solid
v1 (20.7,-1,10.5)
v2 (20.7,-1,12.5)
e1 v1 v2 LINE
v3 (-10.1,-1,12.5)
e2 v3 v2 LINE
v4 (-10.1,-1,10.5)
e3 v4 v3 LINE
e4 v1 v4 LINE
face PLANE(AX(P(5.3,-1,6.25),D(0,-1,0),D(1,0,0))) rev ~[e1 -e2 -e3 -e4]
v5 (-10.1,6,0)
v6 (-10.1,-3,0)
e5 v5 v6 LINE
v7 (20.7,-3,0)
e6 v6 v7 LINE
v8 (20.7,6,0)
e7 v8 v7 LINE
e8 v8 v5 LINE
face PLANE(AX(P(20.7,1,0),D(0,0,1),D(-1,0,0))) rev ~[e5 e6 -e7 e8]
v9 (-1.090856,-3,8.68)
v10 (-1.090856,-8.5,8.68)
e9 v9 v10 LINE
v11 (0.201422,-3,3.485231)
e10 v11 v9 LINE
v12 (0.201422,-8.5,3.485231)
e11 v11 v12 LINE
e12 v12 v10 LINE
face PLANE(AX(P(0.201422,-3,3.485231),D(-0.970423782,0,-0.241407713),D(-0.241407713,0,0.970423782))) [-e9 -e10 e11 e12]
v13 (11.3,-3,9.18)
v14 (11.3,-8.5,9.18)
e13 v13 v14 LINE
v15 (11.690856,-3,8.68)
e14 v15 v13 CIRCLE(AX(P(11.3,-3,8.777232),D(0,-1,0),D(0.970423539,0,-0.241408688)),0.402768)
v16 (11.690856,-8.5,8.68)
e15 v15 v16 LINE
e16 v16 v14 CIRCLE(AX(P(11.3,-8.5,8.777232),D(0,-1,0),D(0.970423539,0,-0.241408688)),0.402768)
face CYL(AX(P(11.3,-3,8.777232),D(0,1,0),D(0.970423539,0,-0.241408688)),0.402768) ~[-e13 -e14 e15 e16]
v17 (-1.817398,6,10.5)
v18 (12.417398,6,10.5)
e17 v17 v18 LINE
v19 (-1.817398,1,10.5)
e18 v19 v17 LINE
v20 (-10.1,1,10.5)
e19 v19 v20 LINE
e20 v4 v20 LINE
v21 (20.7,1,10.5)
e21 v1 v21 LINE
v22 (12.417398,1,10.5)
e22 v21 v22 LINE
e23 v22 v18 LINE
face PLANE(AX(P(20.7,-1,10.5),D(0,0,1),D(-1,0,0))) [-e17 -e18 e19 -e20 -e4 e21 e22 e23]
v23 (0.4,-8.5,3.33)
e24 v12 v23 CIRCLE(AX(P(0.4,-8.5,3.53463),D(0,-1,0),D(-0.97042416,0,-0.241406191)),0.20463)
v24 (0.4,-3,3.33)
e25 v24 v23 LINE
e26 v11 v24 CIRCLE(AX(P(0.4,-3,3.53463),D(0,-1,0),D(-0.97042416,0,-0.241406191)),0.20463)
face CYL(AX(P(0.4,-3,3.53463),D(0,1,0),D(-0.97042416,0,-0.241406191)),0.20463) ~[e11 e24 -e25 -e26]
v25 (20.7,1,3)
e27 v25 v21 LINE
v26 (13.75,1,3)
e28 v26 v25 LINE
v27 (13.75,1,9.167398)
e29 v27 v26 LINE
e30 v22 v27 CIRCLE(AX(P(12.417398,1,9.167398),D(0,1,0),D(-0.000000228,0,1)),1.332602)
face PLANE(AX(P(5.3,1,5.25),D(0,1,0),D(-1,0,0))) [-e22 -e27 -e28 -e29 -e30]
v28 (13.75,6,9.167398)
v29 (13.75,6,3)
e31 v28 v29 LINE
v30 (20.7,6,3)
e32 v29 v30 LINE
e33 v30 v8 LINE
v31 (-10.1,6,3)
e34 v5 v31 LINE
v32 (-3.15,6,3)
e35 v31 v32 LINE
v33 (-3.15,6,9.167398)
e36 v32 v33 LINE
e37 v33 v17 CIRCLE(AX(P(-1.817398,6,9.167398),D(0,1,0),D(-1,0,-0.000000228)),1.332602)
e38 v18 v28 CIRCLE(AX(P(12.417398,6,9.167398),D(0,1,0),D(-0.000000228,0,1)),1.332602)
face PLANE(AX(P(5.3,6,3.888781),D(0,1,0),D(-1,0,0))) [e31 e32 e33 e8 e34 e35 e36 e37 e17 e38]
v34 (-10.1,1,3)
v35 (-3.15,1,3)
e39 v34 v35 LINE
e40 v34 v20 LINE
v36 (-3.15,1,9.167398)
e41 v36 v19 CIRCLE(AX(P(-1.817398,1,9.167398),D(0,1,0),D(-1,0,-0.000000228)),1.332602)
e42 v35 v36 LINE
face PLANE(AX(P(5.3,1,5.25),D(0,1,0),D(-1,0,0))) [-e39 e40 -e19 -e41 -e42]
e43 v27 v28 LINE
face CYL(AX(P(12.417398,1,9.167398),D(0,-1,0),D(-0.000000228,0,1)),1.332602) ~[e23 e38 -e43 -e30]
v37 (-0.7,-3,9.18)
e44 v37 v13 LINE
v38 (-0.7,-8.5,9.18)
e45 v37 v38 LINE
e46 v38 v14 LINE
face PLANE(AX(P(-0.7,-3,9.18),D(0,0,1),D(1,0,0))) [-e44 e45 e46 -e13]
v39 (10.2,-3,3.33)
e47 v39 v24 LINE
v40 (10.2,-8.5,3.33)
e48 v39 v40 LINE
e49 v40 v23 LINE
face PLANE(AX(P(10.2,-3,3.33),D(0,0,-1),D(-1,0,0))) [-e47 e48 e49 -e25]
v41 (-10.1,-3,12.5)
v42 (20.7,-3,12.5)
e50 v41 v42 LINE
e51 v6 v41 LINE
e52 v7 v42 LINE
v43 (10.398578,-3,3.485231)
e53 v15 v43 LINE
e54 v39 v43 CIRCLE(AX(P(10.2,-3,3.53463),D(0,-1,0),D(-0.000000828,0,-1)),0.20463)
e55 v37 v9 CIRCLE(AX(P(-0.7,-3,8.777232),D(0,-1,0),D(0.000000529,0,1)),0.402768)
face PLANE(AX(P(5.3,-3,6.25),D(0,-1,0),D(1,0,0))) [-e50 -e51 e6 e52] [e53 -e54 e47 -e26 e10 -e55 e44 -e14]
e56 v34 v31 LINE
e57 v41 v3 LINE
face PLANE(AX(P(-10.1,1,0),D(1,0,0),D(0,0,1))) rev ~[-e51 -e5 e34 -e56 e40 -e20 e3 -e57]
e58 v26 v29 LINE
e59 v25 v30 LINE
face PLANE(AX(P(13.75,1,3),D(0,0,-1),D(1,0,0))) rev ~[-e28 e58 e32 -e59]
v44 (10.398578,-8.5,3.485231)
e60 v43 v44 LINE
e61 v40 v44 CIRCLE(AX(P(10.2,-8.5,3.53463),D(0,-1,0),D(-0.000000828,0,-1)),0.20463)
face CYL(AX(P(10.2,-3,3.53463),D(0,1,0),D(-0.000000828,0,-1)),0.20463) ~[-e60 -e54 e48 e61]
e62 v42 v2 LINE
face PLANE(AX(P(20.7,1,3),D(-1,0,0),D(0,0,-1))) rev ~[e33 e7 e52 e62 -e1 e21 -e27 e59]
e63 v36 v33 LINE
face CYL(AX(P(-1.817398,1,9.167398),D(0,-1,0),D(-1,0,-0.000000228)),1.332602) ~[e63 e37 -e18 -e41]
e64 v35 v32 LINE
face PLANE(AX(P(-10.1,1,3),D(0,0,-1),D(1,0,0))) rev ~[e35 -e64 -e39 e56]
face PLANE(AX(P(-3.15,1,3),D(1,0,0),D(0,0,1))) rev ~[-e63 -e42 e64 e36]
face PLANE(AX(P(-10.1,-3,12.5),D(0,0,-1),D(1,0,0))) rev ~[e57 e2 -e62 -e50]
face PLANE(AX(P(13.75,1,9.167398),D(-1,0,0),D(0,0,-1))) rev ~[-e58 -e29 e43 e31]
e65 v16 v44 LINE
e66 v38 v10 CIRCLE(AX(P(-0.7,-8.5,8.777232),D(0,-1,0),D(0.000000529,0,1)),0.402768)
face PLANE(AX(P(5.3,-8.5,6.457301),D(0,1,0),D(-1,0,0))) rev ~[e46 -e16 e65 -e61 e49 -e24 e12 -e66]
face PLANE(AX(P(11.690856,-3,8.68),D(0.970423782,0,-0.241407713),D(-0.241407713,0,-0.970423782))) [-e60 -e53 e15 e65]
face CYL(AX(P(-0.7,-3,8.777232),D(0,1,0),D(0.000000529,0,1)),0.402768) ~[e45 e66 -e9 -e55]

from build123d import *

# Parameters (mm, degrees)
SKETCH008_W          = 30.8
SKETCH008_H          = 12.5
PAD006_DEPTH         = 2
SKETCH009_W          = 30.8
SKETCH009_H          = 10.5
PAD007_DEPTH         = 2
PAD067_DEPTH         = 5
PAD115_DEPTH         = 5.5
BODY_PLACEMENT_ANGLE = 180


with BuildPart() as part:
    # Sketch008 → Pad006 (new body)
    with BuildSketch(Plane(origin=(0, 3, 0), x_dir=(-1, 0, 0), z_dir=(0, 1, 0))):
        with Locations((0, 6.25)):
            Rectangle(SKETCH008_W, SKETCH008_H)
    extrude(amount=-PAD006_DEPTH)

    # Sketch009 → Pad007 (join)
    with BuildSketch(Plane.XZ.offset(-1)):
        with Locations((0, 5.25)):
            Rectangle(SKETCH009_W, SKETCH009_H)
    extrude(amount=PAD007_DEPTH)

    # Sketch010 → Pad067 (join)
    with BuildSketch(Plane.XZ.offset(1)):
        with BuildLine():
            Line((15.4, 0), (15.4, 3))
            Line((15.4, 3), (8.45, 3))
            Line((8.45, 3), (8.45, 9.167398))
            ThreePointArc((8.45, 9.167398), (8.05969, 10.10969), (7.117398, 10.5))
            Line((7.117398, 10.5), (-7.117398, 10.5))
            ThreePointArc((-7.117398, 10.5), (-8.05969, 10.10969), (-8.45, 9.167398))
            Line((-8.45, 9.167398), (-8.45, 3))
            Line((-8.45, 3), (-15.4, 3))
            Line((-15.4, 3), (-15.4, 0))
            Line((-15.4, 0), (15.4, 0))
        make_face()
    extrude(amount=PAD067_DEPTH)

    # Sketch094 → Pad115 (join)
    with BuildSketch(Plane(origin=(0, 3, 0), x_dir=(-1, 0, 0), z_dir=(0, 1, 0))):
        with BuildLine():
            Line((-6, 9.18), (6, 9.18))
            ThreePointArc((6.390856, 8.68), (6.31732, 9.025285), (6, 9.18))
            Line((6.390856, 8.68), (5.098578, 3.485231))
            ThreePointArc((4.9, 3.33), (5.026026, 3.373413), (5.098578, 3.485231))
            Line((4.9, 3.33), (-4.9, 3.33))
            ThreePointArc((-5.098578, 3.485231), (-5.026026, 3.373413), (-4.9, 3.33))
            Line((-5.098578, 3.485231), (-6.390856, 8.68))
            ThreePointArc((-6, 9.18), (-6.31732, 9.025285), (-6.390856, 8.68))
        make_face()
    extrude(amount=PAD115_DEPTH)


with BuildPart() as part_1:
    # Body placement: moved
    add(part.part.moved(Location((5.3, 0, 0))).rotate(Axis((5.3, 0, 0), (0, 0, 1)), BODY_PLACEMENT_ANGLE))


solid = part_1.part
